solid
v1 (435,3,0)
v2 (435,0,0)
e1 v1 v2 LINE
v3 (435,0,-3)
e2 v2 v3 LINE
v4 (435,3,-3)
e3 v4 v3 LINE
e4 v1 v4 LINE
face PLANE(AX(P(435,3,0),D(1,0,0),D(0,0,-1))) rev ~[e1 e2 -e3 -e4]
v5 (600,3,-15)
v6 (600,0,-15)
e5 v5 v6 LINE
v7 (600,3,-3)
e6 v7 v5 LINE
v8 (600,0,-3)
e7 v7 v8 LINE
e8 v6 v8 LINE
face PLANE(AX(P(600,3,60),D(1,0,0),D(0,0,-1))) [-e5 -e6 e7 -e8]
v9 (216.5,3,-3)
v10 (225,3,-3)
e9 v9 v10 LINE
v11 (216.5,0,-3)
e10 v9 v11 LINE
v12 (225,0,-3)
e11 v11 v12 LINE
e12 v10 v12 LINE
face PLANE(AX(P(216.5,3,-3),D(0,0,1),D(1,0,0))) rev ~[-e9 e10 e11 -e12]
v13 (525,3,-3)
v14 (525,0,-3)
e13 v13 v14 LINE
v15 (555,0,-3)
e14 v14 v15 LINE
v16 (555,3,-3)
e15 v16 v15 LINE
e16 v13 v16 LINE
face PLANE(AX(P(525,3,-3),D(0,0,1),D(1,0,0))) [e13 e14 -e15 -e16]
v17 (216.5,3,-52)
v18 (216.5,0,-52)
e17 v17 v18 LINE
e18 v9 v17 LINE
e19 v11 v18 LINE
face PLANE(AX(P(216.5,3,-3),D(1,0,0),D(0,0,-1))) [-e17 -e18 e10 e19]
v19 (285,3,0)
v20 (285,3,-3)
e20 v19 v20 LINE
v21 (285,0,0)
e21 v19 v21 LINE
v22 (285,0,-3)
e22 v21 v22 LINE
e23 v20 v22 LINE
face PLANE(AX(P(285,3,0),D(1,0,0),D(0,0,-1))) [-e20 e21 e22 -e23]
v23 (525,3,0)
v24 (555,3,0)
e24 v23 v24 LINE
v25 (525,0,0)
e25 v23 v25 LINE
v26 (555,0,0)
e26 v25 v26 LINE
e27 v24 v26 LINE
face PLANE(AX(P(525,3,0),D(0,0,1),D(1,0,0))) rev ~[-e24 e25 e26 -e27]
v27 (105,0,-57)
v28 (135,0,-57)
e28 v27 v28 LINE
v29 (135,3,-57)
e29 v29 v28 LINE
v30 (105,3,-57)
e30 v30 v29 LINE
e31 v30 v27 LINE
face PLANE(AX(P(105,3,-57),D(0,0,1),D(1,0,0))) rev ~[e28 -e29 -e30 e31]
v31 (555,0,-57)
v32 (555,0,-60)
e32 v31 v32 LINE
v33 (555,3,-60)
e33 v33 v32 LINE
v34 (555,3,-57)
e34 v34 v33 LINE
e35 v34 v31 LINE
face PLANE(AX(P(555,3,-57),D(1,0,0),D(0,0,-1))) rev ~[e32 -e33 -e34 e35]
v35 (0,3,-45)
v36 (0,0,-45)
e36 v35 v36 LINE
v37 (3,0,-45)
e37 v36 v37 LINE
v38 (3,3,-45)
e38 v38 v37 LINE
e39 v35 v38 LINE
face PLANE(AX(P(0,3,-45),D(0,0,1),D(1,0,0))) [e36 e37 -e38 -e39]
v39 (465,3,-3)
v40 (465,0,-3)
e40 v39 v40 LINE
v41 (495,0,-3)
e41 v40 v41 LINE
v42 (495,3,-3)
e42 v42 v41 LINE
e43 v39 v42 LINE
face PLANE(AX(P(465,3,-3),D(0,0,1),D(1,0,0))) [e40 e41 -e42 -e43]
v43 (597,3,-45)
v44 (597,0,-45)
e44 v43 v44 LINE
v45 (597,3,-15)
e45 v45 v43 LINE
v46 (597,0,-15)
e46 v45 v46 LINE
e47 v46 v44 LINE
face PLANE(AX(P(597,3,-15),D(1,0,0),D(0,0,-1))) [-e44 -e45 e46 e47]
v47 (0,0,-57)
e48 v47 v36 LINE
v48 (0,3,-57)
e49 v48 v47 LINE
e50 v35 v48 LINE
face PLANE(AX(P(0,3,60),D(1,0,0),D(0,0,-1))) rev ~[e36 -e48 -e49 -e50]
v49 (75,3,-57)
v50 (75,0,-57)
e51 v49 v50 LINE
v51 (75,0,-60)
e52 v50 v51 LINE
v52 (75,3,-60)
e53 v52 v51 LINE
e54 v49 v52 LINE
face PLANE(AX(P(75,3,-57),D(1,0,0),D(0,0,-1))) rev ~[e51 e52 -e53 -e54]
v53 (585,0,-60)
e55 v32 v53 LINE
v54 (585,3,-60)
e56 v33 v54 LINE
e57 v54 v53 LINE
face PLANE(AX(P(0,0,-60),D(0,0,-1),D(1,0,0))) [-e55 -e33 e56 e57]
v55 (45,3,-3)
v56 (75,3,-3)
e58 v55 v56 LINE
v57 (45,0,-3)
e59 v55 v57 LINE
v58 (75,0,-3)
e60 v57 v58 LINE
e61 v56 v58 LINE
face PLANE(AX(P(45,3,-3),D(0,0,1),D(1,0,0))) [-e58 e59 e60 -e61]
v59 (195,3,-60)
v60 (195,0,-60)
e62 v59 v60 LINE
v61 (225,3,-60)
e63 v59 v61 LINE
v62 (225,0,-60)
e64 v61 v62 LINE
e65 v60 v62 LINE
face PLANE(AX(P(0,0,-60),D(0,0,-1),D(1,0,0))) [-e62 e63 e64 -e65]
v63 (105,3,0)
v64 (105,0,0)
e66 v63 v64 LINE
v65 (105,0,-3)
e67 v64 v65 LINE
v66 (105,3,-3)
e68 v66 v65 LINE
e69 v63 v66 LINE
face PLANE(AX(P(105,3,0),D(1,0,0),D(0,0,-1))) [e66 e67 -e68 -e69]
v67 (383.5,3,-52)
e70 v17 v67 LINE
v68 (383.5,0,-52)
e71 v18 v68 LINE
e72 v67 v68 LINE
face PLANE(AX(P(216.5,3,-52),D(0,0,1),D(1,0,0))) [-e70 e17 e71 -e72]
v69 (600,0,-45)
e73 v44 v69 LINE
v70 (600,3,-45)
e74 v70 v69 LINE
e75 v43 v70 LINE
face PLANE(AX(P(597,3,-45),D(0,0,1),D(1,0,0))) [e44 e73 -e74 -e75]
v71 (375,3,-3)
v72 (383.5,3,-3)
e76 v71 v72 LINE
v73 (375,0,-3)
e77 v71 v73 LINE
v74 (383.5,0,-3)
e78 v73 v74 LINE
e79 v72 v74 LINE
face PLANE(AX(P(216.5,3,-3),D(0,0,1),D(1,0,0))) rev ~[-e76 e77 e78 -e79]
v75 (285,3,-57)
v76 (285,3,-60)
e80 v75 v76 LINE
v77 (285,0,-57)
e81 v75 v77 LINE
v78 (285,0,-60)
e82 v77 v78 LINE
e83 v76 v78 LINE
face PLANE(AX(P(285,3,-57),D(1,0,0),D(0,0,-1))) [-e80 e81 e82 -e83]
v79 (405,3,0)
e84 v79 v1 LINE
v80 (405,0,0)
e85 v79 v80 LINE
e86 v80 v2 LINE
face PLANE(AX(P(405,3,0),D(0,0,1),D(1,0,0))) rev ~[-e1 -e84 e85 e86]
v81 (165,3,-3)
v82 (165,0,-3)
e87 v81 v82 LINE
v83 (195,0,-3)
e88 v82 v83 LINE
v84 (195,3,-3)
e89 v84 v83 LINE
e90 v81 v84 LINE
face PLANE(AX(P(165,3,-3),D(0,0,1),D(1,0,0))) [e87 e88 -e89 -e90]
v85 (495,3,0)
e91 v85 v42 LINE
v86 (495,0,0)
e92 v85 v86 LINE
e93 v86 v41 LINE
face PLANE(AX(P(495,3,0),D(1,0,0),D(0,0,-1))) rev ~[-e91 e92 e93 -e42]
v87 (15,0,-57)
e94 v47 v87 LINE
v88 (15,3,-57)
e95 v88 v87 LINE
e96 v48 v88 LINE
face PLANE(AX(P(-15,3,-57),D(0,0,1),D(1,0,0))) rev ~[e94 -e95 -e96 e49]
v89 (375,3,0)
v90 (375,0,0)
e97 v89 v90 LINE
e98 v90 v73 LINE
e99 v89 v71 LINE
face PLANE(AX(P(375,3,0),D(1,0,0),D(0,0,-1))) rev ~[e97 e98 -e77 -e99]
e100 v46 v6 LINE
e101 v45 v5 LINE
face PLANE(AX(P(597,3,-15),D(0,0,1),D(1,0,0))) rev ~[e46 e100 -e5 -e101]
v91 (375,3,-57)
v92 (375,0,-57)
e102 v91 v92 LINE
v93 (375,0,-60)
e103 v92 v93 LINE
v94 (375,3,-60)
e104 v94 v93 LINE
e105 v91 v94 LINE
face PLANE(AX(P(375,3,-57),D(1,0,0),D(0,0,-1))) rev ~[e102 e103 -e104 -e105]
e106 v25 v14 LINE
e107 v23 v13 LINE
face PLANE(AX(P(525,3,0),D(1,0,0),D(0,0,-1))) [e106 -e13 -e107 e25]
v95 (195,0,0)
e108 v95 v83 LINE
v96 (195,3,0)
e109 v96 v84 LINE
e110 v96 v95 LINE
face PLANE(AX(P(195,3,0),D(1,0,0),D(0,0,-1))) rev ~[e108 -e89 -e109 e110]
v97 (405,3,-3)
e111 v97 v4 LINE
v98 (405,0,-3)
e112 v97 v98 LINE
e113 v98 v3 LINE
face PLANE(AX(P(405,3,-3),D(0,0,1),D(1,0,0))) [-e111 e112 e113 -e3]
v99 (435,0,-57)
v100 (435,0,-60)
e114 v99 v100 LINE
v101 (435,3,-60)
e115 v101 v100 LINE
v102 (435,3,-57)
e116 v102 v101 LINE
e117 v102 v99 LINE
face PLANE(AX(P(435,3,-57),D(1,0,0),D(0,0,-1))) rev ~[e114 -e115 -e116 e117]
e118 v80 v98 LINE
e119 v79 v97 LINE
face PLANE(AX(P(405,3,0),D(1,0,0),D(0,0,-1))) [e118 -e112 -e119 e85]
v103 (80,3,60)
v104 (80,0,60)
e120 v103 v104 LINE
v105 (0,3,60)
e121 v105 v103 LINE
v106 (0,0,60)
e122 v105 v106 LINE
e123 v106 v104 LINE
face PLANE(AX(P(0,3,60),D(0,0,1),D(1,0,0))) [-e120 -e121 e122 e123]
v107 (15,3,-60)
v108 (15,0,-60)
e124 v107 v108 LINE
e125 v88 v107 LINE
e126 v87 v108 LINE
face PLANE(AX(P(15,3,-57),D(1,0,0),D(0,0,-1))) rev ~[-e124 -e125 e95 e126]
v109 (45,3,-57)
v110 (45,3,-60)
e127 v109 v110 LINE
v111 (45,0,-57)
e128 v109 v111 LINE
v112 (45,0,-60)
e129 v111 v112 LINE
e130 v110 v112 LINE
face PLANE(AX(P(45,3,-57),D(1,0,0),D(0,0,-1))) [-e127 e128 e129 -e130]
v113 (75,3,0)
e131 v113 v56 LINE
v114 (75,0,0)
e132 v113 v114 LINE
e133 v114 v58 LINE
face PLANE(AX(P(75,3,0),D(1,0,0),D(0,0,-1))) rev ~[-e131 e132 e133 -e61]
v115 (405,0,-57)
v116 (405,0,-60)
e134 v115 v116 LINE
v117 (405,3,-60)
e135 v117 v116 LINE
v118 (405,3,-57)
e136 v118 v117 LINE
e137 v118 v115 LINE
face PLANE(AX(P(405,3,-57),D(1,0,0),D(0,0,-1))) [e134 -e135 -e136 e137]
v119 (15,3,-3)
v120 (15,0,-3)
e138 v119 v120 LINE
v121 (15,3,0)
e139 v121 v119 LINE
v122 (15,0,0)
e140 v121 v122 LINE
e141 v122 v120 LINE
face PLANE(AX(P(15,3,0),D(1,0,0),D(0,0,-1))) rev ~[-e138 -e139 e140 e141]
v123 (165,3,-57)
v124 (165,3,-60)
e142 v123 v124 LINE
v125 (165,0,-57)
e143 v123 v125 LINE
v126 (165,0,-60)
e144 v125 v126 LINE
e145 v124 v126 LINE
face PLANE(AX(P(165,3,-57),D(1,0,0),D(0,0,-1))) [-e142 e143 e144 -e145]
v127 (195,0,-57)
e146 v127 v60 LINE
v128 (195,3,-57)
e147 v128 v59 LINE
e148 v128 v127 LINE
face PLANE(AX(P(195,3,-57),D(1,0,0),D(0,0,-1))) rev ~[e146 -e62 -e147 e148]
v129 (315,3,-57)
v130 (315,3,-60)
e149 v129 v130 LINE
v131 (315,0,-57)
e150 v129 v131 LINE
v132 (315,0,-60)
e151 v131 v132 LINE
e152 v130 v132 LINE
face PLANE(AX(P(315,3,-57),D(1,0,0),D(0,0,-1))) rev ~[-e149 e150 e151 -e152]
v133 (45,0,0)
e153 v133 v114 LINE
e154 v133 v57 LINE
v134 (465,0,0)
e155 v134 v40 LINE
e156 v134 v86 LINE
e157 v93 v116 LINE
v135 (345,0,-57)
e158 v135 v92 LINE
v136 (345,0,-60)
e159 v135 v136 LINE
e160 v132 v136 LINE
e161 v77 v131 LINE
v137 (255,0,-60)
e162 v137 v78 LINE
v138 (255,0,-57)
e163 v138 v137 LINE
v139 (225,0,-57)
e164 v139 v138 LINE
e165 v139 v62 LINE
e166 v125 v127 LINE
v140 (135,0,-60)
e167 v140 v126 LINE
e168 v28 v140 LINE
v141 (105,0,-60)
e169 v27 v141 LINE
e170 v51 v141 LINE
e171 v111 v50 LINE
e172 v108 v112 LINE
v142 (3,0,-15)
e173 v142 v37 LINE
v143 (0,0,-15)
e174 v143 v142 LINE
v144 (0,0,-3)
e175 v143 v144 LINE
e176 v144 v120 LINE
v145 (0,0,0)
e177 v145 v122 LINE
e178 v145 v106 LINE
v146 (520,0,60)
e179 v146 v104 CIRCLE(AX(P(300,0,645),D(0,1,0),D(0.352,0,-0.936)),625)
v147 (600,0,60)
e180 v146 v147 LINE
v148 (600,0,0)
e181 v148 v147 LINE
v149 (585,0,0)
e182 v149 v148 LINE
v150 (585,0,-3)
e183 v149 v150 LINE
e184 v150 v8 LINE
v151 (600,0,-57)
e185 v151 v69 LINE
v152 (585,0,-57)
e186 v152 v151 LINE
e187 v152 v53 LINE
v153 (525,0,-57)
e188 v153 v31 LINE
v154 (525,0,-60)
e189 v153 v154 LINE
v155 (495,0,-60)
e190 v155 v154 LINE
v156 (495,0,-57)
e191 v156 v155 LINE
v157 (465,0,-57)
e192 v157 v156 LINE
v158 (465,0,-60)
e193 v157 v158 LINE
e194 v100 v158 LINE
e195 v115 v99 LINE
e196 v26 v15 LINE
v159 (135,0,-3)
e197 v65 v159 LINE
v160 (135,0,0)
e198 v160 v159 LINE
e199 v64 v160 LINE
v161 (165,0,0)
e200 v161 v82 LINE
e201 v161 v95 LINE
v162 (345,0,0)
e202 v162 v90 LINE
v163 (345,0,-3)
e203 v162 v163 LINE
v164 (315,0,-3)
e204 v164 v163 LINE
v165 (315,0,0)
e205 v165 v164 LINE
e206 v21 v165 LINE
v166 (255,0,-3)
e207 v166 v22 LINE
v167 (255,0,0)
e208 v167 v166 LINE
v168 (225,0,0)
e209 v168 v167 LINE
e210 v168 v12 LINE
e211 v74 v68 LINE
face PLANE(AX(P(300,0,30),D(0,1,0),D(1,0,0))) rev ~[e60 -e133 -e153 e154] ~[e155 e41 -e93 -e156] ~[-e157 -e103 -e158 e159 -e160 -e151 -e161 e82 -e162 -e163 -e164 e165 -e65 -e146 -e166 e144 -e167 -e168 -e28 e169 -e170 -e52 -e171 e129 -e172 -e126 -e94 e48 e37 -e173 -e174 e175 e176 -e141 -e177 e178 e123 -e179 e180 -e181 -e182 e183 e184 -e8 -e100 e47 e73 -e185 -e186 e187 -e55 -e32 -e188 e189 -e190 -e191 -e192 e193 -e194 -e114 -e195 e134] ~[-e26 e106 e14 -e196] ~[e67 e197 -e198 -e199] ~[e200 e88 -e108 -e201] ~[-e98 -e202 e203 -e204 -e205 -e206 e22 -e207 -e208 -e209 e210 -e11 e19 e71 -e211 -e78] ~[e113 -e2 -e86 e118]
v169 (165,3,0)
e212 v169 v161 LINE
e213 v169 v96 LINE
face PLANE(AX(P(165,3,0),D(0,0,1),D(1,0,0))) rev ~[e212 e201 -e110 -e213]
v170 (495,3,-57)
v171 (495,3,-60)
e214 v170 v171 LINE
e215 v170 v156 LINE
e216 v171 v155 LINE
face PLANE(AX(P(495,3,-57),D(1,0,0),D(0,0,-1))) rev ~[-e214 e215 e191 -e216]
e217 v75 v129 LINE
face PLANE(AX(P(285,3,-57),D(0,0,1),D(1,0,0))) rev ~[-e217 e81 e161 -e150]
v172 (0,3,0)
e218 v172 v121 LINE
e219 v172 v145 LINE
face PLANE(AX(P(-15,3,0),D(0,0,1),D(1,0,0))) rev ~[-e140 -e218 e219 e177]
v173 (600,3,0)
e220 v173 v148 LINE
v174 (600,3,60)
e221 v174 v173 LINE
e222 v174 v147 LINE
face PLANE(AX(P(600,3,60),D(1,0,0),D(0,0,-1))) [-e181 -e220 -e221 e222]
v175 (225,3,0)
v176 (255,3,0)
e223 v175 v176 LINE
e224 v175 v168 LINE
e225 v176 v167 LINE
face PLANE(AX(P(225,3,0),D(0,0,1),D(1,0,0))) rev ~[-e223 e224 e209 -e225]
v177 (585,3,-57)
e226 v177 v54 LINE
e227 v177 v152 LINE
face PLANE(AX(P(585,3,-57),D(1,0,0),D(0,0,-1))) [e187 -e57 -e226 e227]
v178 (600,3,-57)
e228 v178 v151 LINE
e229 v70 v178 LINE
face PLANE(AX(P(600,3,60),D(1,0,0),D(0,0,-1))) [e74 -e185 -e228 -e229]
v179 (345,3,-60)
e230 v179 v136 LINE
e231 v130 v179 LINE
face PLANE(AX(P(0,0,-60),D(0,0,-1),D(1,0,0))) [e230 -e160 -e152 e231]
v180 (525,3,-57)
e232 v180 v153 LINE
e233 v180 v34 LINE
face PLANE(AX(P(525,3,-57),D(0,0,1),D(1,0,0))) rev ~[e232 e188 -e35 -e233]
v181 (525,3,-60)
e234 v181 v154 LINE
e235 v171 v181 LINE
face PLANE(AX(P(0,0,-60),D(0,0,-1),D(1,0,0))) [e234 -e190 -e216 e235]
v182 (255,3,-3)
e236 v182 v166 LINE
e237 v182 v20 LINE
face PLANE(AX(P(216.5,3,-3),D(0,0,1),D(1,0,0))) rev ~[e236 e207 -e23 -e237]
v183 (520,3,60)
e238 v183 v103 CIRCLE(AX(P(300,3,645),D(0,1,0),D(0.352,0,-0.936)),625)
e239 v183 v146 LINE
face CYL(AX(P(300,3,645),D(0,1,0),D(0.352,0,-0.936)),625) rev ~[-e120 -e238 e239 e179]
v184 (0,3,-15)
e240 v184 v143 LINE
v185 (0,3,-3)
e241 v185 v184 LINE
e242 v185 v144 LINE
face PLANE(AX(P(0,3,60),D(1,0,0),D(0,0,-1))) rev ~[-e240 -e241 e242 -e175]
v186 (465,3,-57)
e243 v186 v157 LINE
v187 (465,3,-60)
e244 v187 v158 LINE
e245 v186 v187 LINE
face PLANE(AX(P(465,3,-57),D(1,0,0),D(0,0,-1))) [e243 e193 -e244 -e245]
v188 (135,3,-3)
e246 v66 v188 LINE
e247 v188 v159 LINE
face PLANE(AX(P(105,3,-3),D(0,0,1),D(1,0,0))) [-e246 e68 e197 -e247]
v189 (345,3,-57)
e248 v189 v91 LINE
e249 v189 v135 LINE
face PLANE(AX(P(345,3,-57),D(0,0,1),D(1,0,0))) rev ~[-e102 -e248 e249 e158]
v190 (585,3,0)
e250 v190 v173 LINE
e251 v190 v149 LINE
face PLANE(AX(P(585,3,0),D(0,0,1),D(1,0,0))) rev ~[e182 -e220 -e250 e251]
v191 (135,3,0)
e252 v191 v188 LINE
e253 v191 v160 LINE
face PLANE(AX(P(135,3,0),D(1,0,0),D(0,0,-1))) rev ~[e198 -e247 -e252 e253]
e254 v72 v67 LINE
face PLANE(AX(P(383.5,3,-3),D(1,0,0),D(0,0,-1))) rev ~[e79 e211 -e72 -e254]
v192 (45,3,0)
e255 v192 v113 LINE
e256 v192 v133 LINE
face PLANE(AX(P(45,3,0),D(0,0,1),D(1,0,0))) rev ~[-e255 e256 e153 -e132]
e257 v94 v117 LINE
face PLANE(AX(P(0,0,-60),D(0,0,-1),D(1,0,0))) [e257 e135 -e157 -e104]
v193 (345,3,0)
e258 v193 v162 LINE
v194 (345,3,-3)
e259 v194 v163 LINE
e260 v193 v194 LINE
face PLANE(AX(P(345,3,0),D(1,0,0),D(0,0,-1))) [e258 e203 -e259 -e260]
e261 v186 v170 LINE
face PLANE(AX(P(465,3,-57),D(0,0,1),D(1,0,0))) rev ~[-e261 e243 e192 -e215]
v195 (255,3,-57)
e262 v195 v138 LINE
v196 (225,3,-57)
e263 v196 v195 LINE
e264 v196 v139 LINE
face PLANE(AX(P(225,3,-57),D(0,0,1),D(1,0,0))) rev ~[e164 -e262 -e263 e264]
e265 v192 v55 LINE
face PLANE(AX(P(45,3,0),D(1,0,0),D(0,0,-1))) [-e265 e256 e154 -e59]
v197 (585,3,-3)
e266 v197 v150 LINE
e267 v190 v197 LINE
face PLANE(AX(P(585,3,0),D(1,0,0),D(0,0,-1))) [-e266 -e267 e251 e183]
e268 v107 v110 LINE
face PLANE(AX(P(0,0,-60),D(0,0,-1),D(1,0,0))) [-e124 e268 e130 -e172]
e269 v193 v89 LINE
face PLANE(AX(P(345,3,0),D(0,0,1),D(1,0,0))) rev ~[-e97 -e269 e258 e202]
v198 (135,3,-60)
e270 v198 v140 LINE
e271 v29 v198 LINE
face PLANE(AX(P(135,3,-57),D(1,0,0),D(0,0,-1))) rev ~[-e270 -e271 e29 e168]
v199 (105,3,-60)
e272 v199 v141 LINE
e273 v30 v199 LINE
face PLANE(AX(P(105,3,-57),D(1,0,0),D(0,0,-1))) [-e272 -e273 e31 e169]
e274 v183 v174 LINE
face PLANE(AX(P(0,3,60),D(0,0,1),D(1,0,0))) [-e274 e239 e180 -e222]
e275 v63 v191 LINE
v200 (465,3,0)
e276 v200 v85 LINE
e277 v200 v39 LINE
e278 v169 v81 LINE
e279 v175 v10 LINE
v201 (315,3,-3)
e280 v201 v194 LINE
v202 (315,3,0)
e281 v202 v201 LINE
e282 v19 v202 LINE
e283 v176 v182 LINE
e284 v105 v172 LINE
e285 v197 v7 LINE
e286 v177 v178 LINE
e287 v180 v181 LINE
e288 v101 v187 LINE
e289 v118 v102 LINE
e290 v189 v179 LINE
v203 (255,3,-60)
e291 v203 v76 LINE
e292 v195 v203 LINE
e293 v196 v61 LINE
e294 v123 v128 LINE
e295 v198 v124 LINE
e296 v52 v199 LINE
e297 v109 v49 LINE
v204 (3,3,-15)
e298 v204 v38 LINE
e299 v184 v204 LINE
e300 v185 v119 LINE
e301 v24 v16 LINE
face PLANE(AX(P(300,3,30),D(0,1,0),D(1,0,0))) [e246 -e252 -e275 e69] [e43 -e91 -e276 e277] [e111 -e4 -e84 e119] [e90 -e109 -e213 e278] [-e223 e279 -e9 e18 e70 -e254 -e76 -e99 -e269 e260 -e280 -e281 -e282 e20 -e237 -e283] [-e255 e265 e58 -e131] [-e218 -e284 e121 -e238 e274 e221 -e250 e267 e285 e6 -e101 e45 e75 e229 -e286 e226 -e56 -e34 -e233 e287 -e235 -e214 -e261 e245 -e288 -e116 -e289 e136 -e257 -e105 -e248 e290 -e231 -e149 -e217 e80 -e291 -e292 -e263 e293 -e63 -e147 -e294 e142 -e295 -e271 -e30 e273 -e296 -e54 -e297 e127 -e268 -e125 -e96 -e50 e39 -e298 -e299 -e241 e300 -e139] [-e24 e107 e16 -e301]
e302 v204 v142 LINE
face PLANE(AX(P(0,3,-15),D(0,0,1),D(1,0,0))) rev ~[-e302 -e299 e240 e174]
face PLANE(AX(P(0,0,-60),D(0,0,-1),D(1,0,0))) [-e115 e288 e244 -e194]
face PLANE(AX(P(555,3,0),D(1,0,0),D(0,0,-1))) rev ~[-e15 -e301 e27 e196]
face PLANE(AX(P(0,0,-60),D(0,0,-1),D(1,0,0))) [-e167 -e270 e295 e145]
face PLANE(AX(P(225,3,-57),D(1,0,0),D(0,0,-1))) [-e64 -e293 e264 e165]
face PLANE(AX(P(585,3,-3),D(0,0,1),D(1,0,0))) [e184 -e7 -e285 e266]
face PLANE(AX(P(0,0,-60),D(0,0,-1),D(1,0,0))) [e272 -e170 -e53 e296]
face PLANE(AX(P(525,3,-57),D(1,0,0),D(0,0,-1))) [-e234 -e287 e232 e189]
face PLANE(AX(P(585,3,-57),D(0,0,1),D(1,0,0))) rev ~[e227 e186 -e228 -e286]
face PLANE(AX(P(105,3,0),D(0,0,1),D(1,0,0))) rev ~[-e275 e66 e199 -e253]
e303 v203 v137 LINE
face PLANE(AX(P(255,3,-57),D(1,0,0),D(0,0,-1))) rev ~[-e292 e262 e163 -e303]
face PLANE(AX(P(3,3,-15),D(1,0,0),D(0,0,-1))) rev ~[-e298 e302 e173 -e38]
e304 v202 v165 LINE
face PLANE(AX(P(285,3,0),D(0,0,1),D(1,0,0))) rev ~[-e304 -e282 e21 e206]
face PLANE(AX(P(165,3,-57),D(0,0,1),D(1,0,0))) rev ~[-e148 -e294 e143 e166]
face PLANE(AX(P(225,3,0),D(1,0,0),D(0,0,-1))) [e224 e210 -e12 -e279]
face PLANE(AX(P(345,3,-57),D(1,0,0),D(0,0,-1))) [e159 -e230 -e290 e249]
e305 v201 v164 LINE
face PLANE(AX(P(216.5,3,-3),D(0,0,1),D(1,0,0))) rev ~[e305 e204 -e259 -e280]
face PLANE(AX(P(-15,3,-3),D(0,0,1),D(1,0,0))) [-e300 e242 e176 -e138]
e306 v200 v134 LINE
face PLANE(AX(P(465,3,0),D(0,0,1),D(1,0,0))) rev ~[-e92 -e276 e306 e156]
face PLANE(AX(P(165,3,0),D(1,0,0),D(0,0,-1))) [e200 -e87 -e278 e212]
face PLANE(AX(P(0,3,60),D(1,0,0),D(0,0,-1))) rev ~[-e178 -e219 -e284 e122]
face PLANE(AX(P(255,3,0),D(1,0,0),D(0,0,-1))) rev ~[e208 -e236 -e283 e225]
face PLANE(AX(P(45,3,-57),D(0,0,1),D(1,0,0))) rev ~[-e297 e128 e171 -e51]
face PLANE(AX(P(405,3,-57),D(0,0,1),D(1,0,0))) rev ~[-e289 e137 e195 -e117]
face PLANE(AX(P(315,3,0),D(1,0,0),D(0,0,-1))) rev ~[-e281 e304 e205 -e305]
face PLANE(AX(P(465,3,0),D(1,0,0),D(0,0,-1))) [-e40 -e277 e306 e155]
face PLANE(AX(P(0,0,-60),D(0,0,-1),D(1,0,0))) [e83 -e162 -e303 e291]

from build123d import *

# Parameters (mm, degrees)
SKETCH1_W           = 600
SKETCH1_H           = 60
BOSS_EXTRUDE1_DEPTH = 3
SKETCH4_W           = 600
SKETCH4_H           = 60
BOSS_EXTRUDE4_DEPTH = 3
SKETCH2_W           = 30
SKETCH2_H           = 3
SKETCH2_W_2         = 3
SKETCH2_H_2         = 30
CUT_EXTRUDE1_DEPTH  = 5
SKETCH5_W           = 167
SKETCH5_H           = 49
CUT_EXTRUDE2_DEPTH  = 5
CUT_EXTRUDE3_DEPTH  = 5


with BuildPart() as part:
    # Sketch1 → Boss-Extrude1 (new body)
    with BuildSketch(Plane(origin=(0, 0, 0), x_dir=(1, 0, 0), z_dir=(0, 1, 0))):
        with Locations((300, 30)):
            Rectangle(SKETCH1_W, SKETCH1_H)
    extrude(amount=BOSS_EXTRUDE1_DEPTH)

    # Sketch4 → Boss-Extrude4 (add)
    with BuildSketch(Plane(origin=(0, 3, 0), x_dir=(1, 0, 0), z_dir=(0, 1, 0))):
        with Locations((300, -30)):
            Rectangle(SKETCH4_W, SKETCH4_H)
    extrude(amount=-BOSS_EXTRUDE4_DEPTH)

    # Sketch2 → Cut-Extrude1 (cut)
    with BuildSketch(Plane(origin=(0, 3, 0), x_dir=(1, 0, 0), z_dir=(0, 1, 0))):
        with Locations((0, 1.5)):
            Rectangle(SKETCH2_W, SKETCH2_H)
        with Locations((60, 1.5)):
            Rectangle(SKETCH2_W, SKETCH2_H)
        with Locations((120, 1.5)):
            Rectangle(SKETCH2_W, SKETCH2_H)
        with Locations((180, 1.5)):
            Rectangle(SKETCH2_W, SKETCH2_H)
        with Locations((240, 1.5)):
            Rectangle(SKETCH2_W, SKETCH2_H)
        with Locations((300, 1.5)):
            Rectangle(SKETCH2_W, SKETCH2_H)
        with Locations((360, 1.5)):
            Rectangle(SKETCH2_W, SKETCH2_H)
        with Locations((420, 1.5)):
            Rectangle(SKETCH2_W, SKETCH2_H)
        with Locations((480, 1.5)):
            Rectangle(SKETCH2_W, SKETCH2_H)
        with Locations((540, 1.5)):
            Rectangle(SKETCH2_W, SKETCH2_H)
        with Locations((598.5, 30)):
            Rectangle(SKETCH2_W_2, SKETCH2_H_2)
        with Locations((540, 58.5)):
            Rectangle(SKETCH2_W, SKETCH2_H)
        with Locations((480, 58.5)):
            Rectangle(SKETCH2_W, SKETCH2_H)
        with Locations((420, 58.5)):
            Rectangle(SKETCH2_W, SKETCH2_H)
        with Locations((360, 58.5)):
            Rectangle(SKETCH2_W, SKETCH2_H)
        with Locations((300, 58.5)):
            Rectangle(SKETCH2_W, SKETCH2_H)
        with Locations((240, 58.5)):
            Rectangle(SKETCH2_W, SKETCH2_H)
        with Locations((180, 58.5)):
            Rectangle(SKETCH2_W, SKETCH2_H)
        with Locations((120, 58.5)):
            Rectangle(SKETCH2_W, SKETCH2_H)
        with Locations((60, 58.5)):
            Rectangle(SKETCH2_W, SKETCH2_H)
        with Locations((0, 58.5)):
            Rectangle(SKETCH2_W, SKETCH2_H)
        with Locations((1.5, 30)):
            Rectangle(SKETCH2_W_2, SKETCH2_H_2)
        with Locations((600, 1.5)):
            Rectangle(SKETCH2_W, SKETCH2_H)
        with Locations((600, 58.5)):
            Rectangle(SKETCH2_W, SKETCH2_H)
    extrude(amount=-CUT_EXTRUDE1_DEPTH, mode=Mode.SUBTRACT)

    # Sketch5 → Cut-Extrude2 (cut)
    with BuildSketch(Plane(origin=(0, 3, 0), x_dir=(1, 0, 0), z_dir=(0, 1, 0))):
        with Locations((300, 27.5)):
            Rectangle(SKETCH5_W, SKETCH5_H)
    extrude(amount=-CUT_EXTRUDE2_DEPTH, mode=Mode.SUBTRACT)

    # Sketch6 → Cut-Extrude3 (cut)
    with BuildSketch(Plane(origin=(0, 3, 0), x_dir=(1, 0, 0), z_dir=(0, 1, 0))):
        with BuildLine():
            Line((80, -60), (520, -60))
            ThreePointArc((520, -60), (300, -20), (80, -60))
        make_face()
    extrude(amount=-CUT_EXTRUDE3_DEPTH, mode=Mode.SUBTRACT)


solid = part.part
